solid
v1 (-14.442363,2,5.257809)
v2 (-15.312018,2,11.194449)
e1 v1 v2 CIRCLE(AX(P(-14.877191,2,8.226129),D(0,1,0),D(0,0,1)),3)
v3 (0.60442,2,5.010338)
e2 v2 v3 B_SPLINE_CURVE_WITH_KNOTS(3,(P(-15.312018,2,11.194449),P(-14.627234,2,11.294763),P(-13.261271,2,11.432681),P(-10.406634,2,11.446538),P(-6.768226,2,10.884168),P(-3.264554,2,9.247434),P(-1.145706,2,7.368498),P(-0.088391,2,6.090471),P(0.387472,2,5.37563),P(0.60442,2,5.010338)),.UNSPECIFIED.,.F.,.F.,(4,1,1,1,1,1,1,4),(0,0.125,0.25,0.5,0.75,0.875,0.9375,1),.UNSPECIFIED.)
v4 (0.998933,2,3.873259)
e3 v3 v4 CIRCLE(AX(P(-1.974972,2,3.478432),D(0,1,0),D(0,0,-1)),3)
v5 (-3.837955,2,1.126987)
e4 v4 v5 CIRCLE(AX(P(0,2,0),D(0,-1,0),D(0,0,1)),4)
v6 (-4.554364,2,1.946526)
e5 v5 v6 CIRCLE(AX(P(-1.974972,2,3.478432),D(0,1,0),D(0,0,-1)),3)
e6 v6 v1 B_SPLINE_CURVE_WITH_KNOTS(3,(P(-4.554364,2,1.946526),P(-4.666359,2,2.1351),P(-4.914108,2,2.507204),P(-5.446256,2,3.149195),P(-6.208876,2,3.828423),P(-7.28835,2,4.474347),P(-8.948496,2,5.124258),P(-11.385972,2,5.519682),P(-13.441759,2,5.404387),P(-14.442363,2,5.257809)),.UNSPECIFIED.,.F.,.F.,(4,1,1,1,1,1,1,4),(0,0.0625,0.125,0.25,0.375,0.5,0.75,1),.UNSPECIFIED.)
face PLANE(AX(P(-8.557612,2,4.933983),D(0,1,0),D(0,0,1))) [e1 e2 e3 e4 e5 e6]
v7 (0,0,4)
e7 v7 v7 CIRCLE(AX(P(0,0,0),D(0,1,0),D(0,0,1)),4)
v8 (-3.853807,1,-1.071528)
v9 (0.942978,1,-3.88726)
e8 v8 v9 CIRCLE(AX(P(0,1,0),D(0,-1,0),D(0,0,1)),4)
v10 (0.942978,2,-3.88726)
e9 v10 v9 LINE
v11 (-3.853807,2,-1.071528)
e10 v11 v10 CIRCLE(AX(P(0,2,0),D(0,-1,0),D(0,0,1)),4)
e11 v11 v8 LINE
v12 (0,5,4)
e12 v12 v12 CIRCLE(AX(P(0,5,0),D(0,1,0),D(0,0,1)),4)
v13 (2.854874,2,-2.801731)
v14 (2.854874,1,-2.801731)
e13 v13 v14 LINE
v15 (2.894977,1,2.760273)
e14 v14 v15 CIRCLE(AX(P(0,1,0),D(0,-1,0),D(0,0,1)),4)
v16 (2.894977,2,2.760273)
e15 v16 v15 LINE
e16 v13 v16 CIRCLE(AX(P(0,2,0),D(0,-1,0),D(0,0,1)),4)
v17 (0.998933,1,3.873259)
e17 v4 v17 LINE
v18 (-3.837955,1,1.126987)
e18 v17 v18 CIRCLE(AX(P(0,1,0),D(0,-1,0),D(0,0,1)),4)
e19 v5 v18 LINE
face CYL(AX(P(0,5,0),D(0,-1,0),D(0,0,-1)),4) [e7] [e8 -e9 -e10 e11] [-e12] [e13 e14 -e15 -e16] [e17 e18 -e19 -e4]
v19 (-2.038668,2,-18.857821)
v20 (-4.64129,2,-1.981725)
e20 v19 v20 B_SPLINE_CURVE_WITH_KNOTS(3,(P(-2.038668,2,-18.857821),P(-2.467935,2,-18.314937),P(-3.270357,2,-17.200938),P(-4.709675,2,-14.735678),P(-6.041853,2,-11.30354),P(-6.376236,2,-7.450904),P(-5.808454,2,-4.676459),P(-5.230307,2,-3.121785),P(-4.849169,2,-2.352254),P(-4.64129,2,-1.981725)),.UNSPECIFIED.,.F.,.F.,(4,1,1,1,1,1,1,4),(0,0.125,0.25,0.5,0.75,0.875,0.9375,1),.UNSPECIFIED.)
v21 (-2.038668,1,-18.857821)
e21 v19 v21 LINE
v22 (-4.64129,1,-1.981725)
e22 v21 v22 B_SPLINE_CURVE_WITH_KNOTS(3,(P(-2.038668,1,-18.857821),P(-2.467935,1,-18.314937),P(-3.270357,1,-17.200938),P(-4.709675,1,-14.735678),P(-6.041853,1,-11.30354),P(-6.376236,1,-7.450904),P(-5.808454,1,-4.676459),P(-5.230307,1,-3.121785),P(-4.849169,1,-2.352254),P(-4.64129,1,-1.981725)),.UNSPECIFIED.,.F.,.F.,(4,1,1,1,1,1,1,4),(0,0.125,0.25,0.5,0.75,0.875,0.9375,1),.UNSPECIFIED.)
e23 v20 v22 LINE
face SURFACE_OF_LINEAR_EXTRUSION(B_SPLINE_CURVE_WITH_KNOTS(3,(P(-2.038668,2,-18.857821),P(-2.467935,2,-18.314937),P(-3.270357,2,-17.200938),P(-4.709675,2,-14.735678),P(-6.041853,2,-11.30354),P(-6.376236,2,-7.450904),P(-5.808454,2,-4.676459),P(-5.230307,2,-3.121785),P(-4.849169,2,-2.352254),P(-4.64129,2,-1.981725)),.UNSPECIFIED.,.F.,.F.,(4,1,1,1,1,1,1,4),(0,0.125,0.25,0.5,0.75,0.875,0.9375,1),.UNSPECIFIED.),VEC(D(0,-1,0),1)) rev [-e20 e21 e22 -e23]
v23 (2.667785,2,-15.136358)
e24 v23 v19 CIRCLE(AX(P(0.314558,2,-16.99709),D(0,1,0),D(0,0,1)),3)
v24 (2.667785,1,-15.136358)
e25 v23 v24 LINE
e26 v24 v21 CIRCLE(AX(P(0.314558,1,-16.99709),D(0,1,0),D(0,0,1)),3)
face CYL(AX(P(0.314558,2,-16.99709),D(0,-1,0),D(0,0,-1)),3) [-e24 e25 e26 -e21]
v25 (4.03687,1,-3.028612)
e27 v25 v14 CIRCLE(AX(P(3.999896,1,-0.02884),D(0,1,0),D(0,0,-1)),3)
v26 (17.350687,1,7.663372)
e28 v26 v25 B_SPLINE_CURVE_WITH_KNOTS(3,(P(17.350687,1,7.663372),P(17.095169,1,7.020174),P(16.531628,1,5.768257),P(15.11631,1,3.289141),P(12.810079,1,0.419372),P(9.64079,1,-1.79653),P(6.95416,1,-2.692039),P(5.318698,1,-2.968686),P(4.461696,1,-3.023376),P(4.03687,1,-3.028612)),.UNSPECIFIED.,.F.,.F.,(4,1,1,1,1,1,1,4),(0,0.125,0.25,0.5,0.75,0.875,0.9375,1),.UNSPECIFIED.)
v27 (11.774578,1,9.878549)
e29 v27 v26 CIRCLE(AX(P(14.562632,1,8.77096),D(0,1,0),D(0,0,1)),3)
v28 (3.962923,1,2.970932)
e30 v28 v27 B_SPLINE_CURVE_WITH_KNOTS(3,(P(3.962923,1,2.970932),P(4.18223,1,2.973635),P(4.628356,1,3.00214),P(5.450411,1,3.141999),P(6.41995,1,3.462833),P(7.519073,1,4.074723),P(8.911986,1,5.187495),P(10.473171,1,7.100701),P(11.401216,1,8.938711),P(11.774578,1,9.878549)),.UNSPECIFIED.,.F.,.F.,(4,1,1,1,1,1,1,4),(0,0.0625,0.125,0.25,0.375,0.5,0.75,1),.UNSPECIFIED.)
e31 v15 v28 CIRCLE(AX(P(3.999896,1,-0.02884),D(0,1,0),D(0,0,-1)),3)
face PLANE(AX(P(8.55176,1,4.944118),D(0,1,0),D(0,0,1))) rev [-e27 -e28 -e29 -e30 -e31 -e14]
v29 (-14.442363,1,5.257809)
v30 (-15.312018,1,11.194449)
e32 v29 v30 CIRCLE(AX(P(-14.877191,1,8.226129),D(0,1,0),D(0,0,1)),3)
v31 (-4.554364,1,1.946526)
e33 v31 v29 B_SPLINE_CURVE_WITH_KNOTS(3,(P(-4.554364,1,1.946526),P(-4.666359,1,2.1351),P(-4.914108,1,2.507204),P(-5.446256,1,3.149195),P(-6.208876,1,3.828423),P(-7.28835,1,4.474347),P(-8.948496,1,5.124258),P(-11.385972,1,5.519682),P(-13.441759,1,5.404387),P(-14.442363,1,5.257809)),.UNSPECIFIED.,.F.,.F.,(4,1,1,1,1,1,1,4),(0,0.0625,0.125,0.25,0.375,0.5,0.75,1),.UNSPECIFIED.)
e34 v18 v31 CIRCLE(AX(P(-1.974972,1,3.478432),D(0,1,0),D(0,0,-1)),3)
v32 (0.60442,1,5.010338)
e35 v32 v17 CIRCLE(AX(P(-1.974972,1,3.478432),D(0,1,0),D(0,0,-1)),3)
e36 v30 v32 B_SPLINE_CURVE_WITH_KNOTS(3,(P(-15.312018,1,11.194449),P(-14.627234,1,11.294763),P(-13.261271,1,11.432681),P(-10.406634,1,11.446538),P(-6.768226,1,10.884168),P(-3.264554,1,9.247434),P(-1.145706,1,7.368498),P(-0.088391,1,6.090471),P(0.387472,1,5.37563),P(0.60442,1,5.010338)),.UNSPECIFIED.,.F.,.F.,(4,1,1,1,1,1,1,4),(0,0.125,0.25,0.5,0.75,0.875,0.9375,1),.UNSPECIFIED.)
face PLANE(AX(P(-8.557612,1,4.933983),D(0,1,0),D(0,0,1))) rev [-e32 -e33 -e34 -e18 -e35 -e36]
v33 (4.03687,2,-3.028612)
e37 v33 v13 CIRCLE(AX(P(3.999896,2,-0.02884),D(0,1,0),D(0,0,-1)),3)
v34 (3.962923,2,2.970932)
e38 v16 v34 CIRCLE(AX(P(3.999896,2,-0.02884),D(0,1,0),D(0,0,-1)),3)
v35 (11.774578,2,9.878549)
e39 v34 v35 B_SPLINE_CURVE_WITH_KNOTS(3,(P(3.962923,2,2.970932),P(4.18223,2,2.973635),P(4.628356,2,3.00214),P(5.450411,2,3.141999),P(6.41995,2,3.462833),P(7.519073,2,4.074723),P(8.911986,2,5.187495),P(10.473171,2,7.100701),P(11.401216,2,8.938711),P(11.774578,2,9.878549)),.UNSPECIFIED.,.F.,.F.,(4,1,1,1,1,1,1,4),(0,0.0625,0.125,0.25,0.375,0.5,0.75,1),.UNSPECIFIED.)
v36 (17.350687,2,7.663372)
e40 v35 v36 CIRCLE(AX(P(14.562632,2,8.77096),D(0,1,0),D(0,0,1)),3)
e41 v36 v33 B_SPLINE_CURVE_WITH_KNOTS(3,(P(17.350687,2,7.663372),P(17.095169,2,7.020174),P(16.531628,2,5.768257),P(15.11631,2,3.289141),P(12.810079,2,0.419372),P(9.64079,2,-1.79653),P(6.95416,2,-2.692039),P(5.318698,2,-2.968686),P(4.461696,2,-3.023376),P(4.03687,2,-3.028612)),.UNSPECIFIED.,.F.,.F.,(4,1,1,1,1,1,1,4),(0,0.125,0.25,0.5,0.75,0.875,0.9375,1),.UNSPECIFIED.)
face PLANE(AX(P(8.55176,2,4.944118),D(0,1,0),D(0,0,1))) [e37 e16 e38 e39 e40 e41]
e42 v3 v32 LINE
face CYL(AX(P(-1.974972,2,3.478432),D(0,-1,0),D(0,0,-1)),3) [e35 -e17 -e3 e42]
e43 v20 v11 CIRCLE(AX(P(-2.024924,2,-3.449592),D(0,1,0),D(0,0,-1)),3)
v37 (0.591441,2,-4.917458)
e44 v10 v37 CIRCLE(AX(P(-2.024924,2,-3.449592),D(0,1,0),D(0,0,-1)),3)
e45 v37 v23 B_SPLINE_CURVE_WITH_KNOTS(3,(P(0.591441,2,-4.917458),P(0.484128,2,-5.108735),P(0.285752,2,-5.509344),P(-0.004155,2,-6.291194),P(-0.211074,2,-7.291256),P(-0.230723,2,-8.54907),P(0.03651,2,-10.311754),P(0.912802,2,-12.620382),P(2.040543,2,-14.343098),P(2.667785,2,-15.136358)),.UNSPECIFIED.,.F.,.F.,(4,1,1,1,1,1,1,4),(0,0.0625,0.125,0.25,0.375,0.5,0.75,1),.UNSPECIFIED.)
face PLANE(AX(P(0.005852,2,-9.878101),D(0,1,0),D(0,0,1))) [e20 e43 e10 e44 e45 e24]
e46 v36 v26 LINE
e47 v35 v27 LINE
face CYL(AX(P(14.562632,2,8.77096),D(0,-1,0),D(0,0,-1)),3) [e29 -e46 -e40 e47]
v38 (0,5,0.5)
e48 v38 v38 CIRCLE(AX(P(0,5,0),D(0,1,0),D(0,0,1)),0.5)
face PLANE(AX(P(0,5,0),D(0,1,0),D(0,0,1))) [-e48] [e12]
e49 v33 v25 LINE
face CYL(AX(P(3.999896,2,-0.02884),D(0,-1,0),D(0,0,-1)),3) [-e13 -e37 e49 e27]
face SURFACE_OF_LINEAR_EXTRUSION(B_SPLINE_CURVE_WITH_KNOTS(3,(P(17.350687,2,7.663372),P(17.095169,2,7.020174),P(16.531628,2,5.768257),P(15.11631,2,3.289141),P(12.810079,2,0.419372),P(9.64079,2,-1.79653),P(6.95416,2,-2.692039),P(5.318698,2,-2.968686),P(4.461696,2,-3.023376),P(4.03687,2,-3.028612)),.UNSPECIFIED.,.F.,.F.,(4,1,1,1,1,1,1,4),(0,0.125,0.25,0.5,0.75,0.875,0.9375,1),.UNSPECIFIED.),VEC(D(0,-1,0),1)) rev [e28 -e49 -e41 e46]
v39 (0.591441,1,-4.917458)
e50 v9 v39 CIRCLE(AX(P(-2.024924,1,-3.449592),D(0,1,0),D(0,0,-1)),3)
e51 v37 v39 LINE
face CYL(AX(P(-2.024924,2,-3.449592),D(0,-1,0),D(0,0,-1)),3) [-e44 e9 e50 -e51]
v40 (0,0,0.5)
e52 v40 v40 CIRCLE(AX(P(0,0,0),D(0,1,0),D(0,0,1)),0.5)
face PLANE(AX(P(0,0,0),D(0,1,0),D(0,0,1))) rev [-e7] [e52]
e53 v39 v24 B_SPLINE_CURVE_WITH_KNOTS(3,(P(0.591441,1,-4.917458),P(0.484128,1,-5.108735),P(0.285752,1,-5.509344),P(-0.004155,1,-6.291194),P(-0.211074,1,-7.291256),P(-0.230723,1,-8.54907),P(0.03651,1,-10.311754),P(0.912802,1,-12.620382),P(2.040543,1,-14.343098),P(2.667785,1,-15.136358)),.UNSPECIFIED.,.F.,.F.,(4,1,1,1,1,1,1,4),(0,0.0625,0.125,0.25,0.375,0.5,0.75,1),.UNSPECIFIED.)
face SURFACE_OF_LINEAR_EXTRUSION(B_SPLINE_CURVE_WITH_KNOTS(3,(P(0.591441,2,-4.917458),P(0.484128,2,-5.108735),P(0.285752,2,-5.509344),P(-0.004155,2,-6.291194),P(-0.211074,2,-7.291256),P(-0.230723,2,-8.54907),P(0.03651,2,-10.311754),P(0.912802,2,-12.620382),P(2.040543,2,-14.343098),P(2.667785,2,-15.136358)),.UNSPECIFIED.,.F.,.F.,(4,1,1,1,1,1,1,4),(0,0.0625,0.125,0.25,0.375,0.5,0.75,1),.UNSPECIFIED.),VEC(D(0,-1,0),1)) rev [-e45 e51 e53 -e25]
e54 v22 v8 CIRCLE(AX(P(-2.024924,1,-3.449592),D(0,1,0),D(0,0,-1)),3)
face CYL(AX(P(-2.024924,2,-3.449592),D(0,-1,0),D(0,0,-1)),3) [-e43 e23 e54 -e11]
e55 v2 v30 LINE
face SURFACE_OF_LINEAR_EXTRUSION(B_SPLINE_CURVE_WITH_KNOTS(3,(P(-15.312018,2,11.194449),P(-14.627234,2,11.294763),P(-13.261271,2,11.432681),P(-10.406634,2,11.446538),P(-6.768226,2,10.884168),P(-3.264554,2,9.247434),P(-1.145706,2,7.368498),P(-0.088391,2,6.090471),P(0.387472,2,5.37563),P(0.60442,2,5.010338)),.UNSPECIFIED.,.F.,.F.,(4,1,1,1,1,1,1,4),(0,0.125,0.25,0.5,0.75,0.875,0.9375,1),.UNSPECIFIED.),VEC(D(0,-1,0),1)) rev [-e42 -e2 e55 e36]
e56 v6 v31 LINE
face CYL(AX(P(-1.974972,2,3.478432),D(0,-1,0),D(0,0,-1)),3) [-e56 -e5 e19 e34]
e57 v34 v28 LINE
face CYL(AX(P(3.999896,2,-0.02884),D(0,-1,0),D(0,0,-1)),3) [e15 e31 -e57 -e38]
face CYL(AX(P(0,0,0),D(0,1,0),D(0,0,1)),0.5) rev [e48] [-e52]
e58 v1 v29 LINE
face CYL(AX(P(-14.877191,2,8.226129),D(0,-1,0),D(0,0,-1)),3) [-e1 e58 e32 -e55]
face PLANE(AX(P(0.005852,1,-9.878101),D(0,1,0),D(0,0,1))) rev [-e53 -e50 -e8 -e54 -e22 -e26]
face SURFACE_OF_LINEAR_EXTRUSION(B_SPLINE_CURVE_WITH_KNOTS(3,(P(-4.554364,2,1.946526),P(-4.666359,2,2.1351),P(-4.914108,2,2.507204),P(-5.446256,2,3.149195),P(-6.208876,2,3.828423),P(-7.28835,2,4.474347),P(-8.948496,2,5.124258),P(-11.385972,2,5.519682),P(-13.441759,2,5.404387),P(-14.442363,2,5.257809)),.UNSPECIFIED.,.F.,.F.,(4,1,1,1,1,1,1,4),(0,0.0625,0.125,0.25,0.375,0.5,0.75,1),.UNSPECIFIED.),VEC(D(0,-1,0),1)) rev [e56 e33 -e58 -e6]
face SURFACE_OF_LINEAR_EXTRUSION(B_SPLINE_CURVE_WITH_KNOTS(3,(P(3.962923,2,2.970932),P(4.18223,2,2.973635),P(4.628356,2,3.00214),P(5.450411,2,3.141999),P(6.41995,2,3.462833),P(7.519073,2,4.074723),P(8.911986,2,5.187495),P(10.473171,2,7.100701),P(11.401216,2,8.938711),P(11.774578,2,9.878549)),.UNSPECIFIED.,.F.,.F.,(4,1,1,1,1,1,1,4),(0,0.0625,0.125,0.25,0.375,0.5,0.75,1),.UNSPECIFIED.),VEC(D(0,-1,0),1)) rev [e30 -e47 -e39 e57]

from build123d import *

# Parameters (mm, degrees)
SKETCH1_R               = 4
BOSS_EXTRUDE1_DEPTH     = 5
BOSS_EXTRUDE2_START     = 1
BOSS_EXTRUDE2_DEPTH     = 1
SKETCH3_R               = 0.5
CUT_EXTRUDE1_DEPTH      = 1
CUT_EXTRUDE1_DEPTH_BACK = 6


with BuildPart() as part:
    # Sketch1 → Boss-Extrude1 (new body)
    with BuildSketch(Plane(origin=(0, 0, 0), x_dir=(1, 0, 0), z_dir=(0, 1, 0))):
        Circle(SKETCH1_R)
    extrude(amount=BOSS_EXTRUDE1_DEPTH)

    # Sketch2 → Boss-Extrude2 (add)
    with BuildSketch(Plane(origin=(0, 0, 0), x_dir=(1, 0, 0), z_dir=(0, 1, 0)).offset(BOSS_EXTRUDE2_START)):
        with BuildLine():
            ThreePointArc((3.96292251, -2.970932025), (3.419315306, -2.914444777), (2.894976906, -2.760273305))
            ThreePointArc((2.894976906, -2.760273305), (3.99989603, 0.028840126), (2.854873637, 2.801730986))
            ThreePointArc((2.854873637, 2.801730986), (3.434376926, 2.975056029), (4.036869549, 3.028612277))
            add(Edge.make_bspline(
                [(4.036869549, 3.028612277), (4.461696183, 3.023376101), (5.318698227, 2.968686223), (6.954159562, 2.692039011), (9.640789789, 1.796530328), (12.810078972, -0.41937164), (15.116309585, -3.289140753), (16.531628152, -5.76825703), (17.095168614, -7.020174314), (17.350686676, -7.663372062)],
                knots=[0, 0, 0, 0, 0.0625, 0.125, 0.25, 0.5, 0.75, 0.875, 1, 1, 1, 1], degree=3))
            ThreePointArc((17.350686676, -7.663372062), (15.67022042, -11.559014905), (11.774577577, -9.878548648))
            add(Edge.make_bspline(
                [(3.96292251, -2.970932025), (4.182230159, -2.973635089), (4.62835587, -3.002140243), (5.450410806, -3.141998702), (6.419949985, -3.462832618), (7.519073058, -4.074722518), (8.911985554, -5.187495456), (10.473170644, -7.100700539), (11.40121591, -8.938711436), (11.774577577, -9.878548648)],
                knots=[0, 0, 0, 0, 0.0625, 0.125, 0.25, 0.375, 0.5, 0.75, 1, 1, 1, 1], degree=3))
        make_face()
        with BuildLine():
            ThreePointArc((-3.837955256, -1.126986891), (-1.974971733, -3.478431637), (0.99893339, -3.873258587))
            ThreePointArc((0.99893339, -3.873258587), (0.859285635, -4.461785679), (0.604420396, -5.01033772))
            add(Edge.make_bspline(
                [(0.604420396, -5.01033772), (0.387472417, -5.375630289), (-0.088391429, -6.090470891), (-1.145705609, -7.368498348), (-3.264553992, -9.247434034), (-6.768225979, -10.884167994), (-10.406634241, -11.446537736), (-13.2612712, -11.432681431), (-14.627233602, -11.294763145), (-15.312018222, -11.194449404)],
                knots=[0, 0, 0, 0, 0.0625, 0.125, 0.25, 0.5, 0.75, 0.875, 1, 1, 1, 1], degree=3))
            ThreePointArc((-15.312018222, -11.194449404), (-17.84551076, -7.791301514), (-14.44236287, -5.257808976))
            add(Edge.make_bspline(
                [(-4.554363861, -1.946525554), (-4.666358608, -2.135100018), (-4.914107651, -2.507203639), (-5.446256097, -3.149194868), (-6.208876009, -3.828423469), (-7.288349743, -4.474347022), (-8.948495624, -5.12425816), (-11.385972373, -5.519681567), (-13.441759135, -5.404386894), (-14.44236287, -5.257808976)],
                knots=[0, 0, 0, 0, 0.0625, 0.125, 0.25, 0.375, 0.5, 0.75, 1, 1, 1, 1], degree=3))
            ThreePointArc((-4.554363861, -1.946525554), (-4.233640868, -1.50399153), (-3.837955256, -1.126986891))
        make_face()
        with BuildLine():
            ThreePointArc((0.94297835, 3.887260196), (-2.024924297, 3.449591511), (-3.853807027, 1.071527601))
            ThreePointArc((-3.853807027, 1.071527601), (-4.293662561, 1.48672965), (-4.641289945, 1.981725443))
            add(Edge.make_bspline(
                [(-4.641289945, 1.981725443), (-4.8491686, 2.352254188), (-5.230306799, 3.121784668), (-5.808453952, 4.676459337), (-6.376235797, 7.450903706), (-6.041852992, 11.303539634), (-4.709675344, 14.735678488), (-3.270356952, 17.200938461), (-2.467935012, 18.314937459), (-2.038668454, 18.857821466)],
                knots=[0, 0, 0, 0, 0.0625, 0.125, 0.25, 0.5, 0.75, 0.875, 1, 1, 1, 1], degree=3))
            ThreePointArc((-2.038668454, 18.857821466), (2.17529034, 19.350316419), (2.667785293, 15.136357624))
            add(Edge.make_bspline(
                [(0.591441352, 4.917457579), (0.484128449, 5.108735107), (0.285751781, 5.509343883), (-0.004154708, 6.29119357), (-0.211073976, 7.291256087), (-0.230723315, 8.54906954), (0.03651007, 10.311753616), (0.912801729, 12.620382105), (2.040543226, 14.34309833), (2.667785293, 15.136357624)],
                knots=[0, 0, 0, 0, 0.0625, 0.125, 0.25, 0.375, 0.5, 0.75, 1, 1, 1, 1], degree=3))
            ThreePointArc((0.591441352, 4.917457579), (0.814325562, 4.418436307), (0.94297835, 3.887260196))
        make_face()
    extrude(amount=BOSS_EXTRUDE2_DEPTH)

    # Sketch3 → Cut-Extrude1 (cut, two sides)
    with BuildSketch(Plane(origin=(0, 5, 0), x_dir=(1, 0, 0), z_dir=(0, 1, 0))) as cut_extrude1_sk:
        Circle(SKETCH3_R)
    extrude(amount=CUT_EXTRUDE1_DEPTH, mode=Mode.SUBTRACT)
    extrude(cut_extrude1_sk.sketch, amount=-CUT_EXTRUDE1_DEPTH_BACK, mode=Mode.SUBTRACT)


solid = part.part
